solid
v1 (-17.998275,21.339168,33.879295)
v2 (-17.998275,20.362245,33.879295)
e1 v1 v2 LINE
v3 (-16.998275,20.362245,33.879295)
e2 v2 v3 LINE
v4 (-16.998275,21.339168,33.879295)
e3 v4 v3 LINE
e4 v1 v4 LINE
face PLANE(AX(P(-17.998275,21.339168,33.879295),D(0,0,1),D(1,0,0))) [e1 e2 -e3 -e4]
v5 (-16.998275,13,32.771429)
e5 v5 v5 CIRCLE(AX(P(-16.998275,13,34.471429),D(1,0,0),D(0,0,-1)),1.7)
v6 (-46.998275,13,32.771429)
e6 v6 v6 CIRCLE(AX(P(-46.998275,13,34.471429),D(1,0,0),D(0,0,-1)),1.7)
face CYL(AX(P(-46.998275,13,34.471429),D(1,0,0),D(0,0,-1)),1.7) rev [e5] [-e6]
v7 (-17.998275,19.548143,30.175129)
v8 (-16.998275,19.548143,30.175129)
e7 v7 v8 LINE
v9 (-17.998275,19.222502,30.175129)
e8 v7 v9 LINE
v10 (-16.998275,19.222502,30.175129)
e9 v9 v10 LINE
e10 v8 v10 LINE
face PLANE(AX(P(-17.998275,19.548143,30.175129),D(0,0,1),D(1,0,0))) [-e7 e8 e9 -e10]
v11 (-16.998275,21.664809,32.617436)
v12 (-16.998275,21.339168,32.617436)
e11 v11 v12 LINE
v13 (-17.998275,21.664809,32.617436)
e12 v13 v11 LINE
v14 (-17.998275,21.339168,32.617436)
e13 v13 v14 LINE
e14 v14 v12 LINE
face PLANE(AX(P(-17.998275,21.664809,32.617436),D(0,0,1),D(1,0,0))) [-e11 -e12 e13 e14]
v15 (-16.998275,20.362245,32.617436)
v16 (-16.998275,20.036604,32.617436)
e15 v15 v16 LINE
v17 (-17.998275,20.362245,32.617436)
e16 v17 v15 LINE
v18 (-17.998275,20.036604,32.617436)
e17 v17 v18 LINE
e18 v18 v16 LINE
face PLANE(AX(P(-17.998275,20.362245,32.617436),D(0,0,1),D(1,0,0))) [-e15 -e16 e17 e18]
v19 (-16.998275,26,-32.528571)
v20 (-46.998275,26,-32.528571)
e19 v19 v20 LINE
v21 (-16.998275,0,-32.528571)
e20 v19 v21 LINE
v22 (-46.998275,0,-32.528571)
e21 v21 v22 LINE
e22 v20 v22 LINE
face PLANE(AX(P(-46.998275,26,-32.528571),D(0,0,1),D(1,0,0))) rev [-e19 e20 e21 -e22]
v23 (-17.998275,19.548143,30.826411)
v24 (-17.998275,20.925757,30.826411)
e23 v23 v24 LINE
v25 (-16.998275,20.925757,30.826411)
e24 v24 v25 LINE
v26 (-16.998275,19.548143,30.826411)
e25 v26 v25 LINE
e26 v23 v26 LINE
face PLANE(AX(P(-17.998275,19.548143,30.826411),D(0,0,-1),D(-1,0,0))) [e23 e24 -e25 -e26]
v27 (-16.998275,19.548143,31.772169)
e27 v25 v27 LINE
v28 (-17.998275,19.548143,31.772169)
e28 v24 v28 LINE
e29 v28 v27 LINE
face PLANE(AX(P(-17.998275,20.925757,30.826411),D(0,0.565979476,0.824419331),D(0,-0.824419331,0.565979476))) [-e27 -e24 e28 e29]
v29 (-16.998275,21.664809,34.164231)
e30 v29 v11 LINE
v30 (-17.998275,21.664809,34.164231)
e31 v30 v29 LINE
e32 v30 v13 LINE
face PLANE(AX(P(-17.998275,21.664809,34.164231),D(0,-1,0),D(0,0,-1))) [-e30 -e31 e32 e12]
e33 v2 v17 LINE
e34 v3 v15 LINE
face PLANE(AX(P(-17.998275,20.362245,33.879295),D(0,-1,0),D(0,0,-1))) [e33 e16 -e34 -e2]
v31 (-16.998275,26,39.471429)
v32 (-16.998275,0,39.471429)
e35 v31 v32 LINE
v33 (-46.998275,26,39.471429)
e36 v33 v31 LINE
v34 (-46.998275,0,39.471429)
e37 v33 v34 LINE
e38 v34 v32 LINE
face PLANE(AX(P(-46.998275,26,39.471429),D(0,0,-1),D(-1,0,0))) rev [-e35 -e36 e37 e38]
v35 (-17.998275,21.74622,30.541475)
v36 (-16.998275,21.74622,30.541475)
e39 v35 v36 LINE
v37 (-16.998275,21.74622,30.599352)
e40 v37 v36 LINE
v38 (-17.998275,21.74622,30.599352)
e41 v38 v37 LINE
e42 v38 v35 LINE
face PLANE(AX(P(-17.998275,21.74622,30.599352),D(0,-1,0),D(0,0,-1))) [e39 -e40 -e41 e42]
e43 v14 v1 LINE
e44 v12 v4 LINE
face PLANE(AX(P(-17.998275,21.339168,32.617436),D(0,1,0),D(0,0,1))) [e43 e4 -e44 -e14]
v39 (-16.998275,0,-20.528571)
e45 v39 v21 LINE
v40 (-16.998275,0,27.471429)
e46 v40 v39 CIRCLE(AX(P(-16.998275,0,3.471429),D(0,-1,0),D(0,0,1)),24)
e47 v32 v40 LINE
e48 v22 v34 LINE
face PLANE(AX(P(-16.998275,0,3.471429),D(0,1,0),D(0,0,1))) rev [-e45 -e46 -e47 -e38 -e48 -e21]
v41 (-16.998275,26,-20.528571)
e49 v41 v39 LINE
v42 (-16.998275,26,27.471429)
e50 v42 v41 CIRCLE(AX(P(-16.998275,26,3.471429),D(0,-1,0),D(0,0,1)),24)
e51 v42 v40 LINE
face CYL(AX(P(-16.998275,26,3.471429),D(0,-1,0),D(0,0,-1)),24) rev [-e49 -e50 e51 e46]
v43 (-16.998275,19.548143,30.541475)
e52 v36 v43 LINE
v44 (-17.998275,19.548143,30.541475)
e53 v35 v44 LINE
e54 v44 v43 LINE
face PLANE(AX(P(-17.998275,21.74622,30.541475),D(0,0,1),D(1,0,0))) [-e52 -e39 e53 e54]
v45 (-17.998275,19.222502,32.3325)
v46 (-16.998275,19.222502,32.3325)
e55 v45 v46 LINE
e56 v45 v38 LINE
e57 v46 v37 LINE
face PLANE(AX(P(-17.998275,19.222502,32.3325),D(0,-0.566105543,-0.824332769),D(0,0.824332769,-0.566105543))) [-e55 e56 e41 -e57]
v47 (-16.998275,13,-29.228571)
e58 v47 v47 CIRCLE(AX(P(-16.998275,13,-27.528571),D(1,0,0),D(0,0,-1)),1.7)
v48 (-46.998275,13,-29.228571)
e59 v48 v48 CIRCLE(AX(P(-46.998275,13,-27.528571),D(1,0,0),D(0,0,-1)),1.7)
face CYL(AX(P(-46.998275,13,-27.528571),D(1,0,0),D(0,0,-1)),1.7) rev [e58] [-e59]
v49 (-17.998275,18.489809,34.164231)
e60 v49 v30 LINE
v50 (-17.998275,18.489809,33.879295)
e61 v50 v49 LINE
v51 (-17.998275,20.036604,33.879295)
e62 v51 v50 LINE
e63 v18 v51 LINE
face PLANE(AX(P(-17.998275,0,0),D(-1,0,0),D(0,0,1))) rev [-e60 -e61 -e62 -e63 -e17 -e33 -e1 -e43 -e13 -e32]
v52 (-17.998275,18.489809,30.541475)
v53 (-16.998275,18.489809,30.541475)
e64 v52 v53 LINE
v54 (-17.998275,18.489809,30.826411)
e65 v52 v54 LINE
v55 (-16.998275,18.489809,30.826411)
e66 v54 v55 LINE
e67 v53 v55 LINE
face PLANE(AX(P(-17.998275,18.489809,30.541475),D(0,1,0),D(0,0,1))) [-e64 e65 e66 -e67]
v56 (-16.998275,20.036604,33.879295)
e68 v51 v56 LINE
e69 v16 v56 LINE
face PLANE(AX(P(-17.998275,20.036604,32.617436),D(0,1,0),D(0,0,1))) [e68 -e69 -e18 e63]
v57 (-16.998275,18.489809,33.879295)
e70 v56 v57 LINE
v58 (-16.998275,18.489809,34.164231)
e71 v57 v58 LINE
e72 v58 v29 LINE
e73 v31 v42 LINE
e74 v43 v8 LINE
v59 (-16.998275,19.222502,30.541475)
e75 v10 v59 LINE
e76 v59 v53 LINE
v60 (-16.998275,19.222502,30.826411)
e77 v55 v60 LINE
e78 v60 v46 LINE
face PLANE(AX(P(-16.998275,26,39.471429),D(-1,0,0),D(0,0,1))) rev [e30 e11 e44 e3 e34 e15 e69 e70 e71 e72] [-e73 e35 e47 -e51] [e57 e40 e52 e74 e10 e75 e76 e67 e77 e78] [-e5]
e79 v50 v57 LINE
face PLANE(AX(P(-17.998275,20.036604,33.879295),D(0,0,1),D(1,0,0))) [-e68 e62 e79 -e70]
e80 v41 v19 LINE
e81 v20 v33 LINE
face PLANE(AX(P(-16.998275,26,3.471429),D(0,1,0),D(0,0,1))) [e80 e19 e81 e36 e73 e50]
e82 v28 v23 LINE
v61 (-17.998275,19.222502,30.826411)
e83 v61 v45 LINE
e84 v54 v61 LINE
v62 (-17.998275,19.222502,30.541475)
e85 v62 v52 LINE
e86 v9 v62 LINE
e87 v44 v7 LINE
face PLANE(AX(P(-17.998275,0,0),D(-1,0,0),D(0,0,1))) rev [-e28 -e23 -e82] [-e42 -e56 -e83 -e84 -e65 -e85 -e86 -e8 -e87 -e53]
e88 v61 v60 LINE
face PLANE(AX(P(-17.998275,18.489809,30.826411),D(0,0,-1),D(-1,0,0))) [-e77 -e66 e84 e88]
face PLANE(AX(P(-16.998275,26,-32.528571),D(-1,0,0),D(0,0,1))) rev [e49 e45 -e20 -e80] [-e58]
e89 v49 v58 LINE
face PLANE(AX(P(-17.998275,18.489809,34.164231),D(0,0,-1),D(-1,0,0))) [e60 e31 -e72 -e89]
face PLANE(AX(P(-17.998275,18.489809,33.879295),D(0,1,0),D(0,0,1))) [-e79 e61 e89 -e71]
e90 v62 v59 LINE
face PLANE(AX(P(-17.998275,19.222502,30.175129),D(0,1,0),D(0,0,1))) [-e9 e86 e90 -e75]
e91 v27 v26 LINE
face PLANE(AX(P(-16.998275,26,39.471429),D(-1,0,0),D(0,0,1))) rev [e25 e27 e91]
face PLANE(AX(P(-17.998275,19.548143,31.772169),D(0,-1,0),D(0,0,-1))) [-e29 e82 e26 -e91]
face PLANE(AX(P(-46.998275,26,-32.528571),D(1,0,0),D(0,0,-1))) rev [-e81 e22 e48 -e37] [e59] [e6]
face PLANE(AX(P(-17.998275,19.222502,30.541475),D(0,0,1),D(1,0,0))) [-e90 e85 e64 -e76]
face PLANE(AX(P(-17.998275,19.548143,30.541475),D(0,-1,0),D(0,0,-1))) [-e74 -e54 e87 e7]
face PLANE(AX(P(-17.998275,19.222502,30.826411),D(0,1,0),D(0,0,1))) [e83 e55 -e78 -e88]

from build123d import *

# Parameters (mm, degrees)
BOSS_EXTRUDE1_DEPTH = 26
SKETCH2_R           = 1.7
CUT_EXTRUDE1_DEPTH  = 31
CUT_EXTRUDE2_DEPTH  = 1


with BuildPart() as part:
    # Sketch1 → Boss-Extrude1 (new body)
    with BuildSketch(Plane(origin=(0, 0, 0), x_dir=(1, 0, 0), z_dir=(0, 1, 0))):
        with BuildLine():
            Line((-46.998275301, 32.528571429), (-46.998275301, -39.471428571))
            Line((-46.998275301, -39.471428571), (-16.998275301, -39.471428571))
            Line((-16.998275301, -39.471428571), (-16.998275301, -27.471428571))
            ThreePointArc((-16.998275301, -27.471428571), (-40.998275301, -3.471428571), (-16.998275301, 20.528571429))
            Line((-16.998275301, 20.528571429), (-16.998275301, 32.528571429))
            Line((-16.998275301, 32.528571429), (-46.998275301, 32.528571429))
        make_face()
    extrude(amount=BOSS_EXTRUDE1_DEPTH)

    # Sketch2 → Cut-Extrude1 (cut, through all)
    with BuildSketch(Plane(origin=(-16.998275301, 0, 0), x_dir=(0, 0, -1), z_dir=(1, 0, 0))):
        with Locations((-34.471428571, 13)):
            Circle(SKETCH2_R)
        with Locations((27.528571429, 13)):
            Circle(SKETCH2_R)
    extrude(amount=-CUT_EXTRUDE1_DEPTH, mode=Mode.SUBTRACT)

    # Sketch3 → Cut-Extrude2 (cut)
    with BuildSketch(Plane(origin=(-16.998275301, 0, 0), x_dir=(0, 0, -1), z_dir=(1, 0, 0))):
        Polygon((-34.164231178, 21.664809495), (-32.617436306, 21.664809495), (-32.617436306, 21.33916847), (-33.87929528, 21.33916847), (-33.87929528, 20.362245393), (-32.617436306, 20.362245393), (-32.617436306, 20.036604367), (-33.87929528, 20.036604367), (-33.87929528, 18.489809495), (-34.164231178, 18.489809495), align=None)
        Polygon((-30.599352372, 21.746219752), (-30.541474768, 21.746219752), (-30.541474768, 19.548142829), (-30.175128614, 19.548142829), (-30.175128614, 19.222501803), (-30.541474768, 19.222501803), (-30.541474768, 18.489809495), (-30.826410665, 18.489809495), (-30.826410665, 19.222501803), (-32.332500409, 19.222501803), align=None)
        Polygon((-30.826410665, 19.548142829), (-30.826410665, 20.925757011), (-31.772168878, 19.548142829), align=None, mode=Mode.SUBTRACT)
    extrude(amount=-CUT_EXTRUDE2_DEPTH, mode=Mode.SUBTRACT)


solid = part.part
